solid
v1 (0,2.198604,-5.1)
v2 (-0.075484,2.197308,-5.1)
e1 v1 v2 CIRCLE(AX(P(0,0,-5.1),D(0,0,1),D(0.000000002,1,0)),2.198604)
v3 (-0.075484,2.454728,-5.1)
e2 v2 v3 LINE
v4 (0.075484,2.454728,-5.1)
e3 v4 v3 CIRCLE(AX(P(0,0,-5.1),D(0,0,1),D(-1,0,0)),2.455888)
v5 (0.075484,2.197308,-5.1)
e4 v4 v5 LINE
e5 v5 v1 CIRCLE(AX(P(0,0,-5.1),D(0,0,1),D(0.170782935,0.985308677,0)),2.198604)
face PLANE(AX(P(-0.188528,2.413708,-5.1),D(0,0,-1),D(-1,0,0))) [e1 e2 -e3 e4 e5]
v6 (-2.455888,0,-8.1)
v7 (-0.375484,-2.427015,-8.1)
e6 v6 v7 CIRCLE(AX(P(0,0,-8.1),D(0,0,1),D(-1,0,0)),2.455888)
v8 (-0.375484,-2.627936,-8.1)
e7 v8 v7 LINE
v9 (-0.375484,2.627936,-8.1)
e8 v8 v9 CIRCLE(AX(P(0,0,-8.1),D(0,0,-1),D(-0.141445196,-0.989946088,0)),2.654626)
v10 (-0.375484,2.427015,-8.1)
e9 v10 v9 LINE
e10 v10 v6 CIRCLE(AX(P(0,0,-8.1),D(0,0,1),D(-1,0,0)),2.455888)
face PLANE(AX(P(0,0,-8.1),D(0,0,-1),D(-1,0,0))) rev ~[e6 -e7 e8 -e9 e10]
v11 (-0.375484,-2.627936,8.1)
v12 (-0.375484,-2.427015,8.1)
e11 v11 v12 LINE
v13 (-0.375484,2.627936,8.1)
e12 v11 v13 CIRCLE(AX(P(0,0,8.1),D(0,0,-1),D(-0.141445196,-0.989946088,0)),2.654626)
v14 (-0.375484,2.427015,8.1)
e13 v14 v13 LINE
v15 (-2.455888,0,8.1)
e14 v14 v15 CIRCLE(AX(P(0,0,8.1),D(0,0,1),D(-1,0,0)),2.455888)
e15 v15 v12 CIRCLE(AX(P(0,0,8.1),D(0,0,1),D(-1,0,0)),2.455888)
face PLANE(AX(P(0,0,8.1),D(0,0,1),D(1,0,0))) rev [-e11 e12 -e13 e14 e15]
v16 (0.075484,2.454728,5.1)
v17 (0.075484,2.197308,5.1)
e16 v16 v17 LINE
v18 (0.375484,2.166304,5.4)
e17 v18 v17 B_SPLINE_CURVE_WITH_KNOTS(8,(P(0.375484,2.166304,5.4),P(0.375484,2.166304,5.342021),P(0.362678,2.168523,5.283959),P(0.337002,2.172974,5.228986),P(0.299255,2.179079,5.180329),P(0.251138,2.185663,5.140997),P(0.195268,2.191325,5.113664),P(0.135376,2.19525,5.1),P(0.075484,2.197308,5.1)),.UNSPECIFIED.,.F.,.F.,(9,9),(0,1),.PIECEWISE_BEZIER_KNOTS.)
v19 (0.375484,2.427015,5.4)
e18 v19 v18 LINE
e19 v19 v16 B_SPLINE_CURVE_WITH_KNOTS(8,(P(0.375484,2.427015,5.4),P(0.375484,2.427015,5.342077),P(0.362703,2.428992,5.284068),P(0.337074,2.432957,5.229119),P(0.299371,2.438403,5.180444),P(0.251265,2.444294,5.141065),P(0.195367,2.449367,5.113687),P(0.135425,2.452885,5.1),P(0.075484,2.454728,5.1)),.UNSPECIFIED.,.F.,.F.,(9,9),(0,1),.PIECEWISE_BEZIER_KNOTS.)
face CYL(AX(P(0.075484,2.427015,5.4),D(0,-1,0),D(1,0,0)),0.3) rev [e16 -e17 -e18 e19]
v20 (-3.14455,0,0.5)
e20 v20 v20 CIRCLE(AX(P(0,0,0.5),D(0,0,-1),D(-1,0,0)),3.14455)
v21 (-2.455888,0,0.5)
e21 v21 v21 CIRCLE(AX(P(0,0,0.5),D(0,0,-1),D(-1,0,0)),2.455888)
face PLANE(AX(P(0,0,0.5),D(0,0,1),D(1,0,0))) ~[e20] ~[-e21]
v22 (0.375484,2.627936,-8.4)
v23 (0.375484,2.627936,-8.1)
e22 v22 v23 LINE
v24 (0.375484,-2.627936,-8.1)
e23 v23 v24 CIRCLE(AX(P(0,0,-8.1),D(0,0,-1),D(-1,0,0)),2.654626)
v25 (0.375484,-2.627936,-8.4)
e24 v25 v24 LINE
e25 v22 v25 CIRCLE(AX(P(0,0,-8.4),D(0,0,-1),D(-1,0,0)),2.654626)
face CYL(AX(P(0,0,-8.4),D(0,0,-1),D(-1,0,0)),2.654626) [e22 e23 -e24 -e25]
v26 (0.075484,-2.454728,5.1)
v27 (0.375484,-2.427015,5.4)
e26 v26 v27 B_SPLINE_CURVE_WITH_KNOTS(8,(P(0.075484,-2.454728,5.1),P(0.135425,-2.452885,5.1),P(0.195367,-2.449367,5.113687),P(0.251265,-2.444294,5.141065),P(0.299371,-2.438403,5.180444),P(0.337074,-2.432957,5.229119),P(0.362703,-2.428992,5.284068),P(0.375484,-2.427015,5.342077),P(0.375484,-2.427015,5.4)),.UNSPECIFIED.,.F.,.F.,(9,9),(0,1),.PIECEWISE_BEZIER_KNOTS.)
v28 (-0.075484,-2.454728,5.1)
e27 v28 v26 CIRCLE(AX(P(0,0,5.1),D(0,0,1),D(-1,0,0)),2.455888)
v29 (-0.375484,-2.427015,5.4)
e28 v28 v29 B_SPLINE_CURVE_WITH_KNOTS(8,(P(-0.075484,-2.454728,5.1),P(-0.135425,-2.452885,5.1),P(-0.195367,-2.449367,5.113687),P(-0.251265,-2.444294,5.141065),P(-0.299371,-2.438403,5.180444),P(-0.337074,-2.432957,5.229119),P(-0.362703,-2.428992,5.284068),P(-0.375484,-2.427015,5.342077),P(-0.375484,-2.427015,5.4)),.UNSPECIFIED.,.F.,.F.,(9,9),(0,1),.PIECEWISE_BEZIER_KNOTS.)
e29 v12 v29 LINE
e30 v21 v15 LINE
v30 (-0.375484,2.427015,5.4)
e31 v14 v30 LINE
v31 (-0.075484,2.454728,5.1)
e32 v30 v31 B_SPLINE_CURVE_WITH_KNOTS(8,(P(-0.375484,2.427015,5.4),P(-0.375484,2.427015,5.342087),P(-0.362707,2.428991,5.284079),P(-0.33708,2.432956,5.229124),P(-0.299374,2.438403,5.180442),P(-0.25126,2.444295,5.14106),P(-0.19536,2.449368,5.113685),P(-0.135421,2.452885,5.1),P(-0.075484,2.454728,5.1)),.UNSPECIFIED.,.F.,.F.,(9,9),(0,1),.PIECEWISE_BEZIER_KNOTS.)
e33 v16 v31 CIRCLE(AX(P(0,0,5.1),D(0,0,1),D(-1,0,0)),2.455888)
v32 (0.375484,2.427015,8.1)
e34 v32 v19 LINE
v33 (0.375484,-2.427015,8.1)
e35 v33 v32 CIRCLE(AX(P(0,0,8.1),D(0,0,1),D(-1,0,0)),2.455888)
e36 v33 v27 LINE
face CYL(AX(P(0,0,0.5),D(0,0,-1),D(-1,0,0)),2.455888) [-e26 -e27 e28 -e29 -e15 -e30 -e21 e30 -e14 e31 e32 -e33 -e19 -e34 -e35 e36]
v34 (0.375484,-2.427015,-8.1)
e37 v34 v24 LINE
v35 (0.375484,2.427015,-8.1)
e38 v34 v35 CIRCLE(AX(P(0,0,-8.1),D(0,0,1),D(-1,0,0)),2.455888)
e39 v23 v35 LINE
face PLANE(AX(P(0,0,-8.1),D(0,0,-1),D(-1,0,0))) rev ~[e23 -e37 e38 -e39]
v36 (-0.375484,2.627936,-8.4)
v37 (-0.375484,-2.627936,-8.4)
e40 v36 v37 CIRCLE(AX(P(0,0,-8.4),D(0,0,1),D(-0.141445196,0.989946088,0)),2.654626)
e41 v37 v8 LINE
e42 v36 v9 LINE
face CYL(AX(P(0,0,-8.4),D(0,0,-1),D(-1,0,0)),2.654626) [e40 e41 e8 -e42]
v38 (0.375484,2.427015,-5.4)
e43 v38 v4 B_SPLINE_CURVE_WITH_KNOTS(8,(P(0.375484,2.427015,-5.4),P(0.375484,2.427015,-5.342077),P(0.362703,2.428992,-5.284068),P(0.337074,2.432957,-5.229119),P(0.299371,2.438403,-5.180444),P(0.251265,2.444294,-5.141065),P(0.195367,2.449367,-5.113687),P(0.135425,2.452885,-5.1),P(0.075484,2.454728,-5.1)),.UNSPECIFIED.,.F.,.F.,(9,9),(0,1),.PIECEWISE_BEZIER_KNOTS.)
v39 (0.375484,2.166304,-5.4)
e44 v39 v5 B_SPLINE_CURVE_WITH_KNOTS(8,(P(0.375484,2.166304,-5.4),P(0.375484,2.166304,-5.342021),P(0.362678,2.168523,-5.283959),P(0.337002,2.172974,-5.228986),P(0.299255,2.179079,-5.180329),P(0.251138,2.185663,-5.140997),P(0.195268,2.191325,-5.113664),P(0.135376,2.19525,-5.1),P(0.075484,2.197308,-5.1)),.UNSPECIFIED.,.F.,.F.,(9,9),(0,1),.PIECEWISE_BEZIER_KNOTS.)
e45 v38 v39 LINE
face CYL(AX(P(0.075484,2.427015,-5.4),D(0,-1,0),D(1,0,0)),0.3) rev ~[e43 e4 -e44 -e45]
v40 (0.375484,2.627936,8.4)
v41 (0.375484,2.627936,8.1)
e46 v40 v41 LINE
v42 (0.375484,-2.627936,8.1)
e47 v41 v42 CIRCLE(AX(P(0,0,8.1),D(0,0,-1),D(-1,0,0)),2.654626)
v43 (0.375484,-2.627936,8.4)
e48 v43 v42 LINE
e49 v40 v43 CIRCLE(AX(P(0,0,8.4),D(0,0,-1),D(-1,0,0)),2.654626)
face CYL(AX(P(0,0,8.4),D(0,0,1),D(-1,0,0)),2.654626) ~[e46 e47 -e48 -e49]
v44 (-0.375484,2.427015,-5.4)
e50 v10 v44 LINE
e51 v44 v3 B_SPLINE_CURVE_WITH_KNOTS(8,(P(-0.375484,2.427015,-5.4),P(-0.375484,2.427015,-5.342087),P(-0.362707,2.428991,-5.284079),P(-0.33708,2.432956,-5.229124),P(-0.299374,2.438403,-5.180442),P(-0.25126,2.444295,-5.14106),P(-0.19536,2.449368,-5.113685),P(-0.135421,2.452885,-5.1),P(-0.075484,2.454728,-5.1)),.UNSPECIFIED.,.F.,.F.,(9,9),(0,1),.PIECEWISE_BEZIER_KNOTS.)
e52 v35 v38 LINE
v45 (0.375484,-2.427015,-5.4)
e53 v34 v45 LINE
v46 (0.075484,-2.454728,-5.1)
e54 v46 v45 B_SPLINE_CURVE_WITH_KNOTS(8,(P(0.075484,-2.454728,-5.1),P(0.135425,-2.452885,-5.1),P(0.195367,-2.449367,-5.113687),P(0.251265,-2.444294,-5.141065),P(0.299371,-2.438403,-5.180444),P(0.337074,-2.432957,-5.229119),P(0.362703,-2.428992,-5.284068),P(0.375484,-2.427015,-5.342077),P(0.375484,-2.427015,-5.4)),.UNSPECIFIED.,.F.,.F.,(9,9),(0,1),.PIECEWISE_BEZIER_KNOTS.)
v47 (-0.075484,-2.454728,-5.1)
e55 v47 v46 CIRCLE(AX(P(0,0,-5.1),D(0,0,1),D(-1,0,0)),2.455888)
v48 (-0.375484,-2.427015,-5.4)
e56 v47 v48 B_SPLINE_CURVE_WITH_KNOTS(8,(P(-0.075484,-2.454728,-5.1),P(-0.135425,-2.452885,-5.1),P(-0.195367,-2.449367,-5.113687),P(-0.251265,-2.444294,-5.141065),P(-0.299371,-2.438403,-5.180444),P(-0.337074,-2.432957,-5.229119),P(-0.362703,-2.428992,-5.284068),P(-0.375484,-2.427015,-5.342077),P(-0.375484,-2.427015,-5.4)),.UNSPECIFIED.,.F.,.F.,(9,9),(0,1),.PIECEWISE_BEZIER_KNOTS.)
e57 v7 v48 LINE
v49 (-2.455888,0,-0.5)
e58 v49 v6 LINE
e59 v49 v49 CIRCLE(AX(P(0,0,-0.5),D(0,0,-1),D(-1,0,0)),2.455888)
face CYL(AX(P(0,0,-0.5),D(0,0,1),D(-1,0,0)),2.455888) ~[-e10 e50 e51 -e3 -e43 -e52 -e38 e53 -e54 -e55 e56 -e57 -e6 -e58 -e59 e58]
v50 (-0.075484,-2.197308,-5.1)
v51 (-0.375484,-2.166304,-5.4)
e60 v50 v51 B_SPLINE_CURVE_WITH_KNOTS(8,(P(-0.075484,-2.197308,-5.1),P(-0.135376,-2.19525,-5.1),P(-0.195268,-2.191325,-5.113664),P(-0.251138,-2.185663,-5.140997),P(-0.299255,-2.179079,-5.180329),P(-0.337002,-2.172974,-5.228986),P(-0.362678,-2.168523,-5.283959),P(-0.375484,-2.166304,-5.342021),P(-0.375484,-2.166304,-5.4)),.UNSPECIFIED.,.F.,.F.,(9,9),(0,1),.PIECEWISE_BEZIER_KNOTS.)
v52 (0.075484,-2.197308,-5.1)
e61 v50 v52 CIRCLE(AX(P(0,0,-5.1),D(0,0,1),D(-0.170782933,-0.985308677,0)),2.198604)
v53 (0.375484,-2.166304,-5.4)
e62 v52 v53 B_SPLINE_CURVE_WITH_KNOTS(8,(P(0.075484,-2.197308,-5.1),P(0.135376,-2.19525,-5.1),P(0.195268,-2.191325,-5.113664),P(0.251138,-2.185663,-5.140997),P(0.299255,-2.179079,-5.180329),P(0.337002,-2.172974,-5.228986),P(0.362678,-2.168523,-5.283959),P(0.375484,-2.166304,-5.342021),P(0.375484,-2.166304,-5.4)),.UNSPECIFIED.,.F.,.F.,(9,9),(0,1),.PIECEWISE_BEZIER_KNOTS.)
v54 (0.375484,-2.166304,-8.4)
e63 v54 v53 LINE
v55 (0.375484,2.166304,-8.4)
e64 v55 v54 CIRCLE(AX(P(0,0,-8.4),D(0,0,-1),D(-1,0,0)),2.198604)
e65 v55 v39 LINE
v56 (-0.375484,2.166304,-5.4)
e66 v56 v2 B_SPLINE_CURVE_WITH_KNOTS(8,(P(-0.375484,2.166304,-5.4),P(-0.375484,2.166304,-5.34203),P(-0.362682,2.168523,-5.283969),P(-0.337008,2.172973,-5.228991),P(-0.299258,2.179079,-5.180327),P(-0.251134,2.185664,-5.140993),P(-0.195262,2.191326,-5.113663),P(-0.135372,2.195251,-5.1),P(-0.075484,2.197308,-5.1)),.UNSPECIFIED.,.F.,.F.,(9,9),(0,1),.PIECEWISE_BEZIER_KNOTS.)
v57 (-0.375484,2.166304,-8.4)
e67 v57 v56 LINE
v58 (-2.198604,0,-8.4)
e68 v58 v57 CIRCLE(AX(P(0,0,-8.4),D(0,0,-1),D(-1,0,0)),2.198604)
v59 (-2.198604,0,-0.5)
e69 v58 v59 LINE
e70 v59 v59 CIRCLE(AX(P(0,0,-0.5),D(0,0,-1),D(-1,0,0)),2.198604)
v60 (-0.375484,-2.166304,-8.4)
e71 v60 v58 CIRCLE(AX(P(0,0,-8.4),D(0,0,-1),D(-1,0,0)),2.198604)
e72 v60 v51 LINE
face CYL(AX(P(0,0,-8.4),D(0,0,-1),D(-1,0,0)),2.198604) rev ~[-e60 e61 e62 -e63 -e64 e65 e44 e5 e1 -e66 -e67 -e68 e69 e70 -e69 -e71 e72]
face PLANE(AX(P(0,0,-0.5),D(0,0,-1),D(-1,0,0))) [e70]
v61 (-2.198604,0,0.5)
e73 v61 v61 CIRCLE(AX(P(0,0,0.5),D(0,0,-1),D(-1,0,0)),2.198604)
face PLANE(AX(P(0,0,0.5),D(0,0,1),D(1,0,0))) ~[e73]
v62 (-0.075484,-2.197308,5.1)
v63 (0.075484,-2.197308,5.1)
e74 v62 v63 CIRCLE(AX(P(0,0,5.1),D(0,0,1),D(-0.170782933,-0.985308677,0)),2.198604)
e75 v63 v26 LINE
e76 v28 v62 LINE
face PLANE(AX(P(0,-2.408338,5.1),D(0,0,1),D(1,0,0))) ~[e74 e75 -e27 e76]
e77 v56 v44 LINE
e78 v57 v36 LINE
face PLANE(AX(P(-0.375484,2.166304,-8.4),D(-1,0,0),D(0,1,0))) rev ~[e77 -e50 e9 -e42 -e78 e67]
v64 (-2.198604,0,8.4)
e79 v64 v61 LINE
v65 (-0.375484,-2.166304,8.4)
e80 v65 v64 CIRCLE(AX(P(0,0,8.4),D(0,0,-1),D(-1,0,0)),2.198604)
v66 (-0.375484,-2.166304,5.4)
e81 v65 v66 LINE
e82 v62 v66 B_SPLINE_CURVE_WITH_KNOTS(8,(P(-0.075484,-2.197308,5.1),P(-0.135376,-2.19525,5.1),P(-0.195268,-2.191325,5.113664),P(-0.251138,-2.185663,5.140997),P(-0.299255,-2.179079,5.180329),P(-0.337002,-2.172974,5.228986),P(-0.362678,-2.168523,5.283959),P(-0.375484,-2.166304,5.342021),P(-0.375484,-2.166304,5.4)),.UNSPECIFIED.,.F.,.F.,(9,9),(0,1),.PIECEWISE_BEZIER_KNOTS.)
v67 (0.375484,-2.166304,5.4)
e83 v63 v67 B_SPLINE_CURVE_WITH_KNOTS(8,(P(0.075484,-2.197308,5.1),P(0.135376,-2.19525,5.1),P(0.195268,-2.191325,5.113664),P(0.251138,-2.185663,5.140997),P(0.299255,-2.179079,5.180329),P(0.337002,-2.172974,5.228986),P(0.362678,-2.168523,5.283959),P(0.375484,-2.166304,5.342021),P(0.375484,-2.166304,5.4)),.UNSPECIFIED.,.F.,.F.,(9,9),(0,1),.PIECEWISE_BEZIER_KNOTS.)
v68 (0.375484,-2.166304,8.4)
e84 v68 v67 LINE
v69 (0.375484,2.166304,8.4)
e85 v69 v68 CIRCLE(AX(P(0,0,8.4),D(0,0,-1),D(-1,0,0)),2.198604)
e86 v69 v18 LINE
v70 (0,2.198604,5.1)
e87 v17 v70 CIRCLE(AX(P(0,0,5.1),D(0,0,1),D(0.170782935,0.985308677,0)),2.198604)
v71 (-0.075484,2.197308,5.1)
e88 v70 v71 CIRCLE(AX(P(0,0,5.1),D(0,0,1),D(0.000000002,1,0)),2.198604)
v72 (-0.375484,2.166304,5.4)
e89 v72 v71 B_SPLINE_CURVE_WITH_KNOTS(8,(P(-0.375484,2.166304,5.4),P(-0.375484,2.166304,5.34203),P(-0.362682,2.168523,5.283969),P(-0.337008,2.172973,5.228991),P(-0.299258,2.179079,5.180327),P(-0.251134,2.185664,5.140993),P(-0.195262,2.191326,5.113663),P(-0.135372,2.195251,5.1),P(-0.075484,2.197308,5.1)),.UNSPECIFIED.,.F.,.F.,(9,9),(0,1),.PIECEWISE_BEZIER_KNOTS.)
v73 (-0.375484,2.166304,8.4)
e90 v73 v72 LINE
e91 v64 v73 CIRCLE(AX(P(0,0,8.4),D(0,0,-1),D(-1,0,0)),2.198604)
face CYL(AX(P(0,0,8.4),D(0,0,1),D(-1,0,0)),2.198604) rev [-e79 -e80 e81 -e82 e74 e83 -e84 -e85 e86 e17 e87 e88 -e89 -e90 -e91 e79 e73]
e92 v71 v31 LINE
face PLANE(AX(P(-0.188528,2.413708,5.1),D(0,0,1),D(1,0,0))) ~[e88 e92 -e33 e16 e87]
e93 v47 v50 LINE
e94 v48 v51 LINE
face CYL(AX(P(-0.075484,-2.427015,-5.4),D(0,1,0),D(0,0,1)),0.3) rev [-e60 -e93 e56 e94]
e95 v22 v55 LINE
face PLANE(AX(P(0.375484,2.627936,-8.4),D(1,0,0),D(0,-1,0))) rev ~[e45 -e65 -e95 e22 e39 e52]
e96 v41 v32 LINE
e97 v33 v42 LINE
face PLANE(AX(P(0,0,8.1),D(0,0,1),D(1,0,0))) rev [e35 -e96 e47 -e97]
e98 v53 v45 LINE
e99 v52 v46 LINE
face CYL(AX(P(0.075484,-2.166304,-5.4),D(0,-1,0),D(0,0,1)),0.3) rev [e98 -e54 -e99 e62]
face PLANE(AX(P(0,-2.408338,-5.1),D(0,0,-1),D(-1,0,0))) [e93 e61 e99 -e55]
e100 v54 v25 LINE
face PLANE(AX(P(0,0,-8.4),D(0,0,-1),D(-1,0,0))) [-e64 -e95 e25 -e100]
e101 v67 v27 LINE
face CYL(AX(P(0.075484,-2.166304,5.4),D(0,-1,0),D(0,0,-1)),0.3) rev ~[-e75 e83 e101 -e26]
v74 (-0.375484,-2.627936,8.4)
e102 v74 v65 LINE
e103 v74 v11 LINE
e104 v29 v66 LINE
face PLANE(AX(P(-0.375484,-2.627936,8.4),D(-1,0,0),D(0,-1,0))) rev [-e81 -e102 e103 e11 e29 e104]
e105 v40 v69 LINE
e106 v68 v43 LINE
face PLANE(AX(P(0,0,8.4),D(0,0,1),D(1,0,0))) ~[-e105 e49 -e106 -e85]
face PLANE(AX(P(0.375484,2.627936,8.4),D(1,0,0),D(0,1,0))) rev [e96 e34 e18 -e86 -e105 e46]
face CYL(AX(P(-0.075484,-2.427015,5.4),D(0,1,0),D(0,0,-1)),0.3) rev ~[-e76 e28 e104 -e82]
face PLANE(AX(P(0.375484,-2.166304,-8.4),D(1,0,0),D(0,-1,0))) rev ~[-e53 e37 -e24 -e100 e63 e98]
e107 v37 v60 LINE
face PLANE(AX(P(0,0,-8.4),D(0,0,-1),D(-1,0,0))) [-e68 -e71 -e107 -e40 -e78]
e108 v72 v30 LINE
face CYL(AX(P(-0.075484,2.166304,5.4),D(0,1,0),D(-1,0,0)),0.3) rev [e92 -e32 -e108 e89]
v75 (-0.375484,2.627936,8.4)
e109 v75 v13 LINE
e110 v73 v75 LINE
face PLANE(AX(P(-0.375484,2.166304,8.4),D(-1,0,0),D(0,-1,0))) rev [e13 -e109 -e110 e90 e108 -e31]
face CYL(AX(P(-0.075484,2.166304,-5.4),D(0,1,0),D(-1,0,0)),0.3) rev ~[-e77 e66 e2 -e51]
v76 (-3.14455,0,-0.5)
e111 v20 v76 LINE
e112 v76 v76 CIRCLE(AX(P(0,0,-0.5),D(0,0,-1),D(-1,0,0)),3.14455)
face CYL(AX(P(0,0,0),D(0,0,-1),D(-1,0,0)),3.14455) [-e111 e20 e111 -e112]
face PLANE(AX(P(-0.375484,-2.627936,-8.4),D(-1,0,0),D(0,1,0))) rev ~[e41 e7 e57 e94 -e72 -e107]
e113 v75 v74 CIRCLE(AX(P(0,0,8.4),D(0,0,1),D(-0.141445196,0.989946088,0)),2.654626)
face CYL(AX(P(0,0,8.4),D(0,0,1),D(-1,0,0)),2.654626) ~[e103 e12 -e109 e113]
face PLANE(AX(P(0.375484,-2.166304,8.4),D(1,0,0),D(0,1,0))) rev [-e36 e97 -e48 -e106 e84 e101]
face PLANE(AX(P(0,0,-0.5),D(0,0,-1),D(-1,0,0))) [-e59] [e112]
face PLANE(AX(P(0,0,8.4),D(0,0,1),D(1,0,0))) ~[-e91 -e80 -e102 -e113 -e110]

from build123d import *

# Parameters (mm, degrees)
BOSS_EXTRUDE1_DEPTH = 7.9
SKETCH2_R           = 3.144549921
BOSS_EXTRUDE3_DEPTH = 0.5
SKETCH3_R           = 2.455888386
BOSS_EXTRUDE4_DEPTH = 7.9
SKETCH4_R           = 2.65462565
BOSS_EXTRUDE5_DEPTH = 0.3
SKETCH5_R           = 2.198604039
CUT_EXTRUDE1_DEPTH  = 7.9
CUT_EXTRUDE2_DEPTH  = 3.3
FILLET1_R           = 0.3
CUT_EXTRUDE5_START  = 9
SKETCH7_R           = 3.144549921
CUT_EXTRUDE5_DEPTH  = 9


with BuildPart() as part:
    # Sketch1 → Boss-Extrude1 (new body)
    with BuildSketch(Plane.XY):
        Polygon((-2.4, 0.895), (-2.4, 0), (0, 0), (0, 2.4), (-0.9, 2.4), (-0.9, 0.895), align=None)
        Polygon((0, 0), (-2.4, 0), (-2.4, -0.895), (-0.9, -0.895), (-0.9, -2.4), (0, -2.4), align=None)
        Polygon((0, 2.4), (0, 0), (2.4, 0), (2.4, 0.895), (0.9, 0.895), (0.9, 2.4), align=None)
        Polygon((2.4, 0), (0, 0), (0, -2.4), (0.9, -2.4), (0.9, -0.895), (2.4, -0.895), align=None)
    extrude(amount=BOSS_EXTRUDE1_DEPTH)

    # Sketch2 → Boss-Extrude3 (add)
    with BuildSketch(Plane(origin=(0, 0, 0), x_dir=(-1, 0, 0), z_dir=(0, 0, -1))):
        Circle(SKETCH2_R)
    extrude(amount=BOSS_EXTRUDE3_DEPTH)

    # Sketch3 → Boss-Extrude4 (add)
    with BuildSketch(Plane(origin=(0, 0, -0.5), x_dir=(-1, 0, 0), z_dir=(0, 0, -1))):
        Circle(SKETCH3_R)
    extrude(amount=BOSS_EXTRUDE4_DEPTH)

    # Sketch4 → Boss-Extrude5 (add)
    with BuildSketch(Plane(origin=(0, 0, -8.4), x_dir=(-1, 0, 0), z_dir=(0, 0, -1))):
        Circle(SKETCH4_R)
    extrude(amount=-BOSS_EXTRUDE5_DEPTH)

    # Sketch5 → Cut-Extrude1 (cut)
    with BuildSketch(Plane(origin=(0, 0, -8.4), x_dir=(-1, 0, 0), z_dir=(0, 0, -1))):
        Circle(SKETCH5_R)
    extrude(amount=-CUT_EXTRUDE1_DEPTH, mode=Mode.SUBTRACT)

    # Sketch6 → Cut-Extrude2 (cut)
    with BuildSketch(Plane(origin=(0, 0, -8.4), x_dir=(-1, 0, 0), z_dir=(0, 0, -1))):
        with BuildLine():
            Line((0.375484044, 2.166303638), (0.375484044, 2.627936276))
            ThreePointArc((0.375484044, 2.627936276), (0.188215694, 2.6479449), (0, 2.65462565))
            Line((0, 2.65462565), (0, 2.198604039))
            ThreePointArc((0, 2.198604039), (0.188435389, 2.190514055), (0.375484044, 2.166303638))
        make_face()
        with BuildLine():
            Line((0, 2.198604039), (0, 2.65462565))
            ThreePointArc((0, 2.65462565), (-0.188215694, 2.6479449), (-0.375484044, 2.627936276))
            Line((-0.375484044, 2.627936276), (-0.375484044, 2.166303638))
            ThreePointArc((-0.375484044, 2.166303638), (-0.188435389, 2.190514055), (0, 2.198604039))
        make_face()
        with BuildLine():
            ThreePointArc((0, -2.65462565), (0.188215694, -2.6479449), (0.375484044, -2.627936276))
            Line((0.375484044, -2.627936276), (0.375484044, -2.166303638))
            ThreePointArc((0.375484044, -2.166303638), (0, -2.198604039), (-0.375484044, -2.166303638))
            Line((-0.375484044, -2.166303638), (-0.375484044, -2.627936276))
            ThreePointArc((-0.375484044, -2.627936276), (-0.188215694, -2.6479449), (0, -2.65462565))
        make_face()
    extrude(amount=-CUT_EXTRUDE2_DEPTH, mode=Mode.SUBTRACT)

    # Fillet1
    fillet1_edges = [part.edges().sort_by_distance(p)[0] for p in [
        (0.375484044, 2.296659081, -5.1),
        (-0.375484044, 2.296659081, -5.1),
        (-0.375484044, -2.296659081, -5.1),
        (0.375484044, -2.296659081, -5.1),
    ]]
    fillet(fillet1_edges, radius=FILLET1_R)

    # Sketch7 → Cut-Extrude5 (cut)
    with BuildSketch(Plane.XY.offset(CUT_EXTRUDE5_START)):
        with Locations(Location((0, 0, 0), (0, 0, 180))):
            Circle(SKETCH7_R)
    extrude(amount=-CUT_EXTRUDE5_DEPTH, mode=Mode.SUBTRACT)

    # Mirror3: part across face


with BuildPart() as part_1:
    add(part.part)
    add(part.part.mirror(Plane.XY))


solid = part_1.part
